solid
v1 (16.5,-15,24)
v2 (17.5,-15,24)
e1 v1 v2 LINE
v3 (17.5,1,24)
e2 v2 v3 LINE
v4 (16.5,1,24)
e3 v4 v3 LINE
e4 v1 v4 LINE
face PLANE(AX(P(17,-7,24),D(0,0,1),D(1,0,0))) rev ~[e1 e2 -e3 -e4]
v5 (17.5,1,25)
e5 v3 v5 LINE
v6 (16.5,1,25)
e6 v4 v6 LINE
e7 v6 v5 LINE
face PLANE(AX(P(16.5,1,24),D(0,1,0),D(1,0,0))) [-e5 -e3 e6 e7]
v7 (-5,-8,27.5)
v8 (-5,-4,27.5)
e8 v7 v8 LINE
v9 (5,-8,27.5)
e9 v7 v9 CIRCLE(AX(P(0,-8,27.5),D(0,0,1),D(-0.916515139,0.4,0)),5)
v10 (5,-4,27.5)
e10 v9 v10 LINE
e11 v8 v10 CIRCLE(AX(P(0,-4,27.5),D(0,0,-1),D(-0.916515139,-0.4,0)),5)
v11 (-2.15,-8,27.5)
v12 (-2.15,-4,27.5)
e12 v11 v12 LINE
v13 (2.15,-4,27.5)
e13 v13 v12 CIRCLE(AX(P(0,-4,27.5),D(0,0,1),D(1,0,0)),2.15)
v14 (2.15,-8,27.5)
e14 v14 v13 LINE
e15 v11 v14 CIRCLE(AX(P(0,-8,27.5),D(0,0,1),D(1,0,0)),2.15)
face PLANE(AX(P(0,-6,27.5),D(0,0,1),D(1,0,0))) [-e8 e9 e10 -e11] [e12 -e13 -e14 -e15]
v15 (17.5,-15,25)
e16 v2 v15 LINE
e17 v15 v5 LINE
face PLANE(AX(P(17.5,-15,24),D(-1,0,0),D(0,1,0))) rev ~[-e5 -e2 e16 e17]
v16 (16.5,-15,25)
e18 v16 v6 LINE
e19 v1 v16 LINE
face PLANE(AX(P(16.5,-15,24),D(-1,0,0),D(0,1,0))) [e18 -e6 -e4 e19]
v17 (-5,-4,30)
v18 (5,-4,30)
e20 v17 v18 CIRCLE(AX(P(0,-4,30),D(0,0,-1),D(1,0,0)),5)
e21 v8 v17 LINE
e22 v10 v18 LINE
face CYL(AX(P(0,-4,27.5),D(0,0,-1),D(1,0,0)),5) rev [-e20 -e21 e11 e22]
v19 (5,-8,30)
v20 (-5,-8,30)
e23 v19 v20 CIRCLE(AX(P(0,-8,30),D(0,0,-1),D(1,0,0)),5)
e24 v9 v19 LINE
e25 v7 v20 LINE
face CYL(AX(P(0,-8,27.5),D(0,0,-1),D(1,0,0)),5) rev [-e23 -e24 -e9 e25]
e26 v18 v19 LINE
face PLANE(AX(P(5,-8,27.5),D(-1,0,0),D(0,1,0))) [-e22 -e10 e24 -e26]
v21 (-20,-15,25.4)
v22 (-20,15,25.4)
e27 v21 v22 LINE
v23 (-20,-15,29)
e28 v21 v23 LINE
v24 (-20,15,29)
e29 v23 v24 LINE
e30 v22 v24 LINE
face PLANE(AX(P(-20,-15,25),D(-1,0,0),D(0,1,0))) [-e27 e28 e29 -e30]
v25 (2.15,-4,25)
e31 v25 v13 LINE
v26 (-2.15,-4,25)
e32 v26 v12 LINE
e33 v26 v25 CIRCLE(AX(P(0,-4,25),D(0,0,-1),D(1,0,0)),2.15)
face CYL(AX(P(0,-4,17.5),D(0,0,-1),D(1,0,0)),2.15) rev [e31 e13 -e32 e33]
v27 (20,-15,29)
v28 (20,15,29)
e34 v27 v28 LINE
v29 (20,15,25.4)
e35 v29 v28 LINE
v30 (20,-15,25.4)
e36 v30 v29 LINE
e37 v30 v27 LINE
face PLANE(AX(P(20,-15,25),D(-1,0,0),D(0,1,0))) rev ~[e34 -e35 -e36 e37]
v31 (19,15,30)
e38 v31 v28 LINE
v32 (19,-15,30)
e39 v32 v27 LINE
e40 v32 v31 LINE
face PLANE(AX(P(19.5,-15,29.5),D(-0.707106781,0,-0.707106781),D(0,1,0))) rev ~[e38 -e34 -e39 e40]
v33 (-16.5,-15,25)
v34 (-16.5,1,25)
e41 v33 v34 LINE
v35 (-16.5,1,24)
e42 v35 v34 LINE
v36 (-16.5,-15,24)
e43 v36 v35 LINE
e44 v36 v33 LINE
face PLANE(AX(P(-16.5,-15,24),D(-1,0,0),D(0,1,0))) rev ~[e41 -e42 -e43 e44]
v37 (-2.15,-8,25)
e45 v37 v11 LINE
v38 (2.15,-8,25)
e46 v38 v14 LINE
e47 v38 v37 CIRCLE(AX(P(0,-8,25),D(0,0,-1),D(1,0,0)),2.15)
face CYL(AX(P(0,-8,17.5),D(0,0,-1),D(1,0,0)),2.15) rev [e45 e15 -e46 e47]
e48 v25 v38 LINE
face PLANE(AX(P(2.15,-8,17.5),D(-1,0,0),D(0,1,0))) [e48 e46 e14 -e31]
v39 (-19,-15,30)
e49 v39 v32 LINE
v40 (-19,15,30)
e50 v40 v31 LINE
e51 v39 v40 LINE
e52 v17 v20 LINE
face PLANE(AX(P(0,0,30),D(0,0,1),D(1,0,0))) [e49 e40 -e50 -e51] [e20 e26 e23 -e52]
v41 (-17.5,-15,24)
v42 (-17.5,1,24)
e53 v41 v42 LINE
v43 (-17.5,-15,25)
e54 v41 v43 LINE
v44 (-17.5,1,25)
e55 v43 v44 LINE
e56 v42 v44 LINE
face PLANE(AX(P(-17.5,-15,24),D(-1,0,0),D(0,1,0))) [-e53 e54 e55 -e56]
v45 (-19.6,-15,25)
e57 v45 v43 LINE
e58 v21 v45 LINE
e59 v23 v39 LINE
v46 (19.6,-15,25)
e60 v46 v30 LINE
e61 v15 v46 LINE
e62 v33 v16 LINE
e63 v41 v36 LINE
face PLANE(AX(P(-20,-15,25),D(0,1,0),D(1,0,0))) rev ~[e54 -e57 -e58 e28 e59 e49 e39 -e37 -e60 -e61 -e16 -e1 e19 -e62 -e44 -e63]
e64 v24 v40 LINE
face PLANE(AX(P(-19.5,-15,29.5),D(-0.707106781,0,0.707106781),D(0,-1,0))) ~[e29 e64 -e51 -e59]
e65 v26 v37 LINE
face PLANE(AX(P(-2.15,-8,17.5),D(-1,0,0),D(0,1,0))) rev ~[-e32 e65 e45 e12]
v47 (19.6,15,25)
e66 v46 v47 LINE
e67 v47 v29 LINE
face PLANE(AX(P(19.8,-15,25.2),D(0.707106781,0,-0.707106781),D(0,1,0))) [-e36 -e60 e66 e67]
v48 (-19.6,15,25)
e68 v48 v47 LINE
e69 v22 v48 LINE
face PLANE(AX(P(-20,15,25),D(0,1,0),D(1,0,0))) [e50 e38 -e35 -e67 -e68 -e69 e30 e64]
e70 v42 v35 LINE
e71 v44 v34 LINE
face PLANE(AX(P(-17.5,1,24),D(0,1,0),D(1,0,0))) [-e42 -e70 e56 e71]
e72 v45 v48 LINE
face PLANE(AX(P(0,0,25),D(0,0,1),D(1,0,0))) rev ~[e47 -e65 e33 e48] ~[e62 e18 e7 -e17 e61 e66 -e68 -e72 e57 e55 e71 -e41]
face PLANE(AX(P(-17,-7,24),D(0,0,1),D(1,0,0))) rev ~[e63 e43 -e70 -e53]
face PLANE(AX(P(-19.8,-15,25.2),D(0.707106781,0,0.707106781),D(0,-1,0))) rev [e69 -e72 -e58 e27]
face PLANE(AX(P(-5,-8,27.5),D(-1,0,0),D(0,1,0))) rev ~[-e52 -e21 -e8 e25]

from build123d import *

# Parameters (mm, degrees)
CYLINDER006_R      = 2.15
CYLINDER006_DEPTH  = 10
CYLINDER005_R      = 2.15
CYLINDER005_DEPTH  = 10
BOX012_W           = 4.3
BOX012_H           = 4
BOX012_DEPTH       = 10
CYLINDER008_R      = 5
CYLINDER008_DEPTH  = 10
BOX013_W           = 10
BOX013_H           = 4
BOX013_DEPTH       = 10
CYLINDER007_R      = 5
CYLINDER007_DEPTH  = 10
BOX010_W           = 1
BOX010_H           = 16
BOX010_DEPTH       = 2
BOX009_W           = 40
BOX009_H           = 30
BOX009_DEPTH       = 5
BOX011_W           = 1
BOX011_H           = 16
BOX011_DEPTH       = 2
CHAMFER003002_SIZE = 1
CHAMFER003003_SIZE = 0.4


with BuildPart() as cylinder006:
    # Cylinder006 → Cylinder006 (new body)
    with BuildSketch(Plane(origin=(0, -8, 0), x_dir=(1, 0, 0), z_dir=(0, 0, 1))):
        Circle(CYLINDER006_R)
    extrude(amount=CYLINDER006_DEPTH)


with BuildPart() as cylinder005:
    # Cylinder005 → Cylinder005 (new body)
    with BuildSketch(Plane(origin=(0, -4, 0), x_dir=(1, 0, 0), z_dir=(0, 0, 1))):
        Circle(CYLINDER005_R)
    extrude(amount=CYLINDER005_DEPTH)


with BuildPart() as fusion009003:
    # Box012 → Box012 (new body)
    with BuildSketch(Plane(origin=(-2.15, -8, 0), x_dir=(1, 0, 0), z_dir=(0, 0, 1))):
        with Locations((2.15, 2)):
            Rectangle(BOX012_W, BOX012_H)
    extrude(amount=BOX012_DEPTH)

    # Fusion009003: union Cylinder006, Cylinder005
    add(cylinder006.part)
    add(cylinder005.part)


with BuildPart() as cylinder008:
    # Cylinder008 → Cylinder008 (new body)
    with BuildSketch(Plane(origin=(0, -8, 0), x_dir=(1, 0, 0), z_dir=(0, 0, 1))):
        Circle(CYLINDER008_R)
    extrude(amount=CYLINDER008_DEPTH)


with BuildPart() as cube013:
    # Box013 → Box013 (new body)
    with BuildSketch(Plane(origin=(-5, -8, 0), x_dir=(1, 0, 0), z_dir=(0, 0, 1))):
        with Locations((5, 2)):
            Rectangle(BOX013_W, BOX013_H)
    extrude(amount=BOX013_DEPTH)


with BuildPart() as fusion009005:
    # Cylinder007 → Cylinder007 (new body)
    with BuildSketch(Plane(origin=(0, -4, 0), x_dir=(1, 0, 0), z_dir=(0, 0, 1))):
        Circle(CYLINDER007_R)
    extrude(amount=CYLINDER007_DEPTH)

    # Fusion009004: union Cylinder008, Cube013
    add(cylinder008.part)
    add(cube013.part)


with BuildPart() as fusion009005_1:
    # Fusion009004 placement: moved
    add(fusion009005.part.moved(Location((0, 0, 10))))

    # Fusion009005: union Fusion009003
    add(fusion009003.part)


with BuildPart() as fusion009005_2:
    # Fusion009005 placement: moved
    add(fusion009005_1.part.moved(Location((0, 0, 17.5))))


with BuildPart() as cube010:
    # Box010 → Box010 (new body)
    with BuildSketch(Plane(origin=(-17.5, -15, 24), x_dir=(1, 0, 0), z_dir=(0, 0, 1))):
        with Locations((0.5, 8)):
            Rectangle(BOX010_W, BOX010_H)
    extrude(amount=BOX010_DEPTH)


with BuildPart() as cube009:
    # Box009 → Box009 (new body)
    with BuildSketch(Plane(origin=(-20, -15, 25), x_dir=(1, 0, 0), z_dir=(0, 0, 1))):
        with Locations((20, 15)):
            Rectangle(BOX009_W, BOX009_H)
    extrude(amount=BOX009_DEPTH)


with BuildPart() as cut006:
    # Box011 → Box011 (new body)
    with BuildSketch(Plane(origin=(16.5, -15, 24), x_dir=(1, 0, 0), z_dir=(0, 0, 1))):
        with Locations((0.5, 8)):
            Rectangle(BOX011_W, BOX011_H)
    extrude(amount=BOX011_DEPTH)

    # Fusion009002: union Cube010, Cube009
    add(cube010.part)
    add(cube009.part)

    # Chamfer003002
    chamfer003002_edges = [cut006.edges().sort_by_distance(p)[0] for p in [
        (20, 0, 30),
        (-20, 0, 30),
    ]]
    chamfer(chamfer003002_edges, length=CHAMFER003002_SIZE)

    # Chamfer003003
    chamfer003003_edges = [cut006.edges().sort_by_distance(p)[0] for p in [
        (20, 0, 25),
        (-20, 0, 25),
    ]]
    chamfer(chamfer003003_edges, length=CHAMFER003003_SIZE)

    # Cut006: cut Fusion009005
    add(fusion009005_2.part, mode=Mode.SUBTRACT)


solid = cut006.part
